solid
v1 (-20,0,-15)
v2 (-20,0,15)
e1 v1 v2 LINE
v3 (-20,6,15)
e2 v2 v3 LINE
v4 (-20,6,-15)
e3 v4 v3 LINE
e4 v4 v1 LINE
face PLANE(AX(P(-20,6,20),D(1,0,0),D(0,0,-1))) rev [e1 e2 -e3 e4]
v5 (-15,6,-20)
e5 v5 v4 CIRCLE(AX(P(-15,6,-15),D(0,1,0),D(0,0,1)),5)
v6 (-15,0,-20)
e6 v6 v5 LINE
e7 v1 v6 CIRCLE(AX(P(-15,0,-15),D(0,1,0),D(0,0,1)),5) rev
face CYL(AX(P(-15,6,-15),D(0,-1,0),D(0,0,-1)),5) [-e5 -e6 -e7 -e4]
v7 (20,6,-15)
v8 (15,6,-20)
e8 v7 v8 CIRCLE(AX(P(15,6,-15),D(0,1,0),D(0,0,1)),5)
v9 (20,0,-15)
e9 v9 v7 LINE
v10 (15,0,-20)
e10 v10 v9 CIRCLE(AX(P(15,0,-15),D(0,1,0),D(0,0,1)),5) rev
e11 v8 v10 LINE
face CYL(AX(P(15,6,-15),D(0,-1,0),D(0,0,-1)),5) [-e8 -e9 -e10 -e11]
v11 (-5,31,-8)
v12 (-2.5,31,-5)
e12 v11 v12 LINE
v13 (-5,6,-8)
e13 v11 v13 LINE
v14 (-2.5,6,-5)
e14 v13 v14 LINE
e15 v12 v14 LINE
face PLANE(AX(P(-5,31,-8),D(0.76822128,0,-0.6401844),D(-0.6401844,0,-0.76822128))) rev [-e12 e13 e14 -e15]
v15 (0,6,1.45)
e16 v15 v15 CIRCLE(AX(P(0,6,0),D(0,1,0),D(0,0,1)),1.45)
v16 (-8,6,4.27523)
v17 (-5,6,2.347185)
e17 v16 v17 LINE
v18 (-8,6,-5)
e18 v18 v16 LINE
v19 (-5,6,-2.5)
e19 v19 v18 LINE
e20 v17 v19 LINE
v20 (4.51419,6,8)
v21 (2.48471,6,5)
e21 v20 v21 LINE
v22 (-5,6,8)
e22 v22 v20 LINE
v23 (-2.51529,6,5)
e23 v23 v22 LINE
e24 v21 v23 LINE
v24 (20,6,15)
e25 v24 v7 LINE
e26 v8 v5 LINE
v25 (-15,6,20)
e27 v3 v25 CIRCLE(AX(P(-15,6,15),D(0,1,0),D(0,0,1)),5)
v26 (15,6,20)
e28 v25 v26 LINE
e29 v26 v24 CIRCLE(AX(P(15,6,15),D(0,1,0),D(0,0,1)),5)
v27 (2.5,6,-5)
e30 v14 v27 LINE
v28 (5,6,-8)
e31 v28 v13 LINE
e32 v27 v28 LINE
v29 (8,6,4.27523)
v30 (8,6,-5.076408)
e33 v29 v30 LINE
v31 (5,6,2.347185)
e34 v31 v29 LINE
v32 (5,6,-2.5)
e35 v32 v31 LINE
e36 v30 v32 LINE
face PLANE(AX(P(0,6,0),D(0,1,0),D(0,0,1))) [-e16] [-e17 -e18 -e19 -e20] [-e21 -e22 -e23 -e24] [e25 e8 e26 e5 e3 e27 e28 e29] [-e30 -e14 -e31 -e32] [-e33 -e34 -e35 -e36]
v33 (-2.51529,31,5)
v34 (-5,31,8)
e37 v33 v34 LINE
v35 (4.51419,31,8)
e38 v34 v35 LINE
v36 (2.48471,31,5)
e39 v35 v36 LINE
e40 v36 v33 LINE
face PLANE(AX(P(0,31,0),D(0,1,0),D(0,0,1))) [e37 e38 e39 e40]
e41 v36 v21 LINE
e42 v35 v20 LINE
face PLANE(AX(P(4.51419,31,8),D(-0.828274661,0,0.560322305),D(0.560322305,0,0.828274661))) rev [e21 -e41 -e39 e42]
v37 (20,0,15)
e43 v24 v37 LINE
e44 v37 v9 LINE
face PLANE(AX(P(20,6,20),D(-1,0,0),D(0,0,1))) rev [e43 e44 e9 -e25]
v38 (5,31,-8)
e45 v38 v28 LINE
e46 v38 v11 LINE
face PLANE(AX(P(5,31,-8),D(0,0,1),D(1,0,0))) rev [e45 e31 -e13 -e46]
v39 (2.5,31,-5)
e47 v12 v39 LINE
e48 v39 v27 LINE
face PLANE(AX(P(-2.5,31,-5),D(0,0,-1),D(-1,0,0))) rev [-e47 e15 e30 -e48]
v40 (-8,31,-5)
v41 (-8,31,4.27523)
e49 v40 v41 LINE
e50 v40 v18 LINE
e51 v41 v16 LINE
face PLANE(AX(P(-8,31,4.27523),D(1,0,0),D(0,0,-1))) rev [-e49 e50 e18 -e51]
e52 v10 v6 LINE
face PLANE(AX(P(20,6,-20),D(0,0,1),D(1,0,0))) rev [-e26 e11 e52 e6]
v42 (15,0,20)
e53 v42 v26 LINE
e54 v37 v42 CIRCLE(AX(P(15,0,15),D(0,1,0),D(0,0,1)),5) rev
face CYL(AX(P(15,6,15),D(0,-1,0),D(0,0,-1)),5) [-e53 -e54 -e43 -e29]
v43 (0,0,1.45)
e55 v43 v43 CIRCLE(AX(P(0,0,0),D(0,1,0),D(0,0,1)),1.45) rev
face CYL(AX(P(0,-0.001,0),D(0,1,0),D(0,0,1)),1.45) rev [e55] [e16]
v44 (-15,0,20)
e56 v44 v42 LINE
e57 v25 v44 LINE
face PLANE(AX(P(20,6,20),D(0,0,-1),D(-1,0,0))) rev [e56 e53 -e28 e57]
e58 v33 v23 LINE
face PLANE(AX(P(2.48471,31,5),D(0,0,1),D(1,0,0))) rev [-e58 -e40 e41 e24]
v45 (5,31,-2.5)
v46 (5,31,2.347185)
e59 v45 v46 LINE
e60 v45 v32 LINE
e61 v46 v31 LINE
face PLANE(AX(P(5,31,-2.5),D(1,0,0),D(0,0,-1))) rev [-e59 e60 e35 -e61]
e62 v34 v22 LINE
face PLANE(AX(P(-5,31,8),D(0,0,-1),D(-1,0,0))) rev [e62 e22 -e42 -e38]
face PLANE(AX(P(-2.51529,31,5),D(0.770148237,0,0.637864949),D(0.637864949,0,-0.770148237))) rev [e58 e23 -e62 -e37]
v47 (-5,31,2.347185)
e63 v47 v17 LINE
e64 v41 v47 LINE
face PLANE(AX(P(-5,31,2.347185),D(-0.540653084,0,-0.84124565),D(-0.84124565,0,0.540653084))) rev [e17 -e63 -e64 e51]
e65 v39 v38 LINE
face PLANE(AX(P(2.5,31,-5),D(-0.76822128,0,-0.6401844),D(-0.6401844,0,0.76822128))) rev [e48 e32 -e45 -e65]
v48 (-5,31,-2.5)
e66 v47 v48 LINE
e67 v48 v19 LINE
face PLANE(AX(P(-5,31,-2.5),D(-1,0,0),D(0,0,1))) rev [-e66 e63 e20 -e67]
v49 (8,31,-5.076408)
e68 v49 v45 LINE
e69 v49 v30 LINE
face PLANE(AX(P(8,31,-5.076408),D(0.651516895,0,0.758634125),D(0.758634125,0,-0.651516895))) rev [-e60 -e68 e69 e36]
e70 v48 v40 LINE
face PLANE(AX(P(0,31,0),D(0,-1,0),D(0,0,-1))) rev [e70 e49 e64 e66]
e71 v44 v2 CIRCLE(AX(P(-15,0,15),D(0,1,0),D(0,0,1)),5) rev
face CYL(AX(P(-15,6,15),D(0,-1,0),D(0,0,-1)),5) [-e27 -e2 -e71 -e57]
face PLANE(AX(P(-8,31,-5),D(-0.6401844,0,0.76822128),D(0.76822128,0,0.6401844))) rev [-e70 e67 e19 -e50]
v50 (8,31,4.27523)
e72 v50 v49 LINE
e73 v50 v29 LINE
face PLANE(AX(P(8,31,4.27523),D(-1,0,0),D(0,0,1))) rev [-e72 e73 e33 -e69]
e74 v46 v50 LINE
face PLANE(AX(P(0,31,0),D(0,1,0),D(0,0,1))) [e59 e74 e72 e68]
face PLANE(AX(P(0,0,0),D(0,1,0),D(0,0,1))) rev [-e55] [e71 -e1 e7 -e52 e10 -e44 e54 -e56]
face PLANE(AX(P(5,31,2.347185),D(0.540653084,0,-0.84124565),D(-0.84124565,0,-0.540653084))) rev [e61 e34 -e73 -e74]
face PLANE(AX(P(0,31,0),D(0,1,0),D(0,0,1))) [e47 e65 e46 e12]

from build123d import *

# Parameters (mm, degrees)
SKETCH1_W           = 40
SKETCH1_H           = 40
BOSS_EXTRUDE1_DEPTH = 6
BOSS_EXTRUDE2_DEPTH = 25
BOSS_EXTRUDE3_DEPTH = 25
BOSS_EXTRUDE4_DEPTH = 25
CUT_EXTRUDE1_REACH  = 8
SKETCH6_R           = 1.45
FILLET1_R           = 5


with BuildPart() as part:
    # Sketch1 → Boss-Extrude1 (new body)
    with BuildSketch(Plane(origin=(0, 0, 0), x_dir=(1, 0, 0), z_dir=(0, 1, 0))):
        Rectangle(SKETCH1_W, SKETCH1_H)
    extrude(amount=BOSS_EXTRUDE1_DEPTH)

    # Sketch2 → Boss-Extrude2 (add)
    with BuildSketch(Plane(origin=(0, 6, 0), x_dir=(1, 0, 0), z_dir=(0, 1, 0))):
        Polygon((5, 8), (-5, 8), (-2.5, 5), (2.5, 5), align=None)
    extrude(amount=BOSS_EXTRUDE2_DEPTH)

    # Sketch4 → Boss-Extrude3 (add)
    with BuildSketch(Plane(origin=(0, 6, 0), x_dir=(1, 0, 0), z_dir=(0, 1, 0))):
        Polygon((-5, -8), (4.514189834, -8), (2.484709767, -5), (-2.515290233, -5), align=None)
    extrude(amount=BOSS_EXTRUDE3_DEPTH)

    # Sketch5 → Boss-Extrude4 (add)
    with BuildSketch(Plane(origin=(0, 6, 0), x_dir=(1, 0, 0), z_dir=(0, 1, 0))):
        Polygon((8, -4.275229645), (8, 5.076407548), (5, 2.5), (5, -2.347184903), align=None)
        Polygon((-8, -4.275229645), (-8, 5), (-5, 2.5), (-5, -2.347184903), align=None)
    extrude(amount=BOSS_EXTRUDE4_DEPTH)

    # Sketch6 → Cut-Extrude1 (cut, up to next)
    with BuildSketch(Plane(origin=(0, 6, 0), x_dir=(1, 0, 0), z_dir=(0, 1, 0)), mode=Mode.PRIVATE) as cut_extrude1_sk1:
        Circle(SKETCH6_R)
    cut_extrude1_tool1 = extrude(cut_extrude1_sk1.sketch, amount=-CUT_EXTRUDE1_REACH, mode=Mode.PRIVATE) & part.part
    add(cut_extrude1_tool1.solids().sort_by_distance((0, 6, 0))[0], mode=Mode.SUBTRACT)

    # Fillet1
    fillet1_edges = [part.edges().sort_by_distance(p)[0] for p in [
        (-20, 3, -20),
        (20, 3, -20),
        (20, 3, 20),
        (-20, 3, 20),
    ]]
    fillet(fillet1_edges, radius=FILLET1_R)


solid = part.part
